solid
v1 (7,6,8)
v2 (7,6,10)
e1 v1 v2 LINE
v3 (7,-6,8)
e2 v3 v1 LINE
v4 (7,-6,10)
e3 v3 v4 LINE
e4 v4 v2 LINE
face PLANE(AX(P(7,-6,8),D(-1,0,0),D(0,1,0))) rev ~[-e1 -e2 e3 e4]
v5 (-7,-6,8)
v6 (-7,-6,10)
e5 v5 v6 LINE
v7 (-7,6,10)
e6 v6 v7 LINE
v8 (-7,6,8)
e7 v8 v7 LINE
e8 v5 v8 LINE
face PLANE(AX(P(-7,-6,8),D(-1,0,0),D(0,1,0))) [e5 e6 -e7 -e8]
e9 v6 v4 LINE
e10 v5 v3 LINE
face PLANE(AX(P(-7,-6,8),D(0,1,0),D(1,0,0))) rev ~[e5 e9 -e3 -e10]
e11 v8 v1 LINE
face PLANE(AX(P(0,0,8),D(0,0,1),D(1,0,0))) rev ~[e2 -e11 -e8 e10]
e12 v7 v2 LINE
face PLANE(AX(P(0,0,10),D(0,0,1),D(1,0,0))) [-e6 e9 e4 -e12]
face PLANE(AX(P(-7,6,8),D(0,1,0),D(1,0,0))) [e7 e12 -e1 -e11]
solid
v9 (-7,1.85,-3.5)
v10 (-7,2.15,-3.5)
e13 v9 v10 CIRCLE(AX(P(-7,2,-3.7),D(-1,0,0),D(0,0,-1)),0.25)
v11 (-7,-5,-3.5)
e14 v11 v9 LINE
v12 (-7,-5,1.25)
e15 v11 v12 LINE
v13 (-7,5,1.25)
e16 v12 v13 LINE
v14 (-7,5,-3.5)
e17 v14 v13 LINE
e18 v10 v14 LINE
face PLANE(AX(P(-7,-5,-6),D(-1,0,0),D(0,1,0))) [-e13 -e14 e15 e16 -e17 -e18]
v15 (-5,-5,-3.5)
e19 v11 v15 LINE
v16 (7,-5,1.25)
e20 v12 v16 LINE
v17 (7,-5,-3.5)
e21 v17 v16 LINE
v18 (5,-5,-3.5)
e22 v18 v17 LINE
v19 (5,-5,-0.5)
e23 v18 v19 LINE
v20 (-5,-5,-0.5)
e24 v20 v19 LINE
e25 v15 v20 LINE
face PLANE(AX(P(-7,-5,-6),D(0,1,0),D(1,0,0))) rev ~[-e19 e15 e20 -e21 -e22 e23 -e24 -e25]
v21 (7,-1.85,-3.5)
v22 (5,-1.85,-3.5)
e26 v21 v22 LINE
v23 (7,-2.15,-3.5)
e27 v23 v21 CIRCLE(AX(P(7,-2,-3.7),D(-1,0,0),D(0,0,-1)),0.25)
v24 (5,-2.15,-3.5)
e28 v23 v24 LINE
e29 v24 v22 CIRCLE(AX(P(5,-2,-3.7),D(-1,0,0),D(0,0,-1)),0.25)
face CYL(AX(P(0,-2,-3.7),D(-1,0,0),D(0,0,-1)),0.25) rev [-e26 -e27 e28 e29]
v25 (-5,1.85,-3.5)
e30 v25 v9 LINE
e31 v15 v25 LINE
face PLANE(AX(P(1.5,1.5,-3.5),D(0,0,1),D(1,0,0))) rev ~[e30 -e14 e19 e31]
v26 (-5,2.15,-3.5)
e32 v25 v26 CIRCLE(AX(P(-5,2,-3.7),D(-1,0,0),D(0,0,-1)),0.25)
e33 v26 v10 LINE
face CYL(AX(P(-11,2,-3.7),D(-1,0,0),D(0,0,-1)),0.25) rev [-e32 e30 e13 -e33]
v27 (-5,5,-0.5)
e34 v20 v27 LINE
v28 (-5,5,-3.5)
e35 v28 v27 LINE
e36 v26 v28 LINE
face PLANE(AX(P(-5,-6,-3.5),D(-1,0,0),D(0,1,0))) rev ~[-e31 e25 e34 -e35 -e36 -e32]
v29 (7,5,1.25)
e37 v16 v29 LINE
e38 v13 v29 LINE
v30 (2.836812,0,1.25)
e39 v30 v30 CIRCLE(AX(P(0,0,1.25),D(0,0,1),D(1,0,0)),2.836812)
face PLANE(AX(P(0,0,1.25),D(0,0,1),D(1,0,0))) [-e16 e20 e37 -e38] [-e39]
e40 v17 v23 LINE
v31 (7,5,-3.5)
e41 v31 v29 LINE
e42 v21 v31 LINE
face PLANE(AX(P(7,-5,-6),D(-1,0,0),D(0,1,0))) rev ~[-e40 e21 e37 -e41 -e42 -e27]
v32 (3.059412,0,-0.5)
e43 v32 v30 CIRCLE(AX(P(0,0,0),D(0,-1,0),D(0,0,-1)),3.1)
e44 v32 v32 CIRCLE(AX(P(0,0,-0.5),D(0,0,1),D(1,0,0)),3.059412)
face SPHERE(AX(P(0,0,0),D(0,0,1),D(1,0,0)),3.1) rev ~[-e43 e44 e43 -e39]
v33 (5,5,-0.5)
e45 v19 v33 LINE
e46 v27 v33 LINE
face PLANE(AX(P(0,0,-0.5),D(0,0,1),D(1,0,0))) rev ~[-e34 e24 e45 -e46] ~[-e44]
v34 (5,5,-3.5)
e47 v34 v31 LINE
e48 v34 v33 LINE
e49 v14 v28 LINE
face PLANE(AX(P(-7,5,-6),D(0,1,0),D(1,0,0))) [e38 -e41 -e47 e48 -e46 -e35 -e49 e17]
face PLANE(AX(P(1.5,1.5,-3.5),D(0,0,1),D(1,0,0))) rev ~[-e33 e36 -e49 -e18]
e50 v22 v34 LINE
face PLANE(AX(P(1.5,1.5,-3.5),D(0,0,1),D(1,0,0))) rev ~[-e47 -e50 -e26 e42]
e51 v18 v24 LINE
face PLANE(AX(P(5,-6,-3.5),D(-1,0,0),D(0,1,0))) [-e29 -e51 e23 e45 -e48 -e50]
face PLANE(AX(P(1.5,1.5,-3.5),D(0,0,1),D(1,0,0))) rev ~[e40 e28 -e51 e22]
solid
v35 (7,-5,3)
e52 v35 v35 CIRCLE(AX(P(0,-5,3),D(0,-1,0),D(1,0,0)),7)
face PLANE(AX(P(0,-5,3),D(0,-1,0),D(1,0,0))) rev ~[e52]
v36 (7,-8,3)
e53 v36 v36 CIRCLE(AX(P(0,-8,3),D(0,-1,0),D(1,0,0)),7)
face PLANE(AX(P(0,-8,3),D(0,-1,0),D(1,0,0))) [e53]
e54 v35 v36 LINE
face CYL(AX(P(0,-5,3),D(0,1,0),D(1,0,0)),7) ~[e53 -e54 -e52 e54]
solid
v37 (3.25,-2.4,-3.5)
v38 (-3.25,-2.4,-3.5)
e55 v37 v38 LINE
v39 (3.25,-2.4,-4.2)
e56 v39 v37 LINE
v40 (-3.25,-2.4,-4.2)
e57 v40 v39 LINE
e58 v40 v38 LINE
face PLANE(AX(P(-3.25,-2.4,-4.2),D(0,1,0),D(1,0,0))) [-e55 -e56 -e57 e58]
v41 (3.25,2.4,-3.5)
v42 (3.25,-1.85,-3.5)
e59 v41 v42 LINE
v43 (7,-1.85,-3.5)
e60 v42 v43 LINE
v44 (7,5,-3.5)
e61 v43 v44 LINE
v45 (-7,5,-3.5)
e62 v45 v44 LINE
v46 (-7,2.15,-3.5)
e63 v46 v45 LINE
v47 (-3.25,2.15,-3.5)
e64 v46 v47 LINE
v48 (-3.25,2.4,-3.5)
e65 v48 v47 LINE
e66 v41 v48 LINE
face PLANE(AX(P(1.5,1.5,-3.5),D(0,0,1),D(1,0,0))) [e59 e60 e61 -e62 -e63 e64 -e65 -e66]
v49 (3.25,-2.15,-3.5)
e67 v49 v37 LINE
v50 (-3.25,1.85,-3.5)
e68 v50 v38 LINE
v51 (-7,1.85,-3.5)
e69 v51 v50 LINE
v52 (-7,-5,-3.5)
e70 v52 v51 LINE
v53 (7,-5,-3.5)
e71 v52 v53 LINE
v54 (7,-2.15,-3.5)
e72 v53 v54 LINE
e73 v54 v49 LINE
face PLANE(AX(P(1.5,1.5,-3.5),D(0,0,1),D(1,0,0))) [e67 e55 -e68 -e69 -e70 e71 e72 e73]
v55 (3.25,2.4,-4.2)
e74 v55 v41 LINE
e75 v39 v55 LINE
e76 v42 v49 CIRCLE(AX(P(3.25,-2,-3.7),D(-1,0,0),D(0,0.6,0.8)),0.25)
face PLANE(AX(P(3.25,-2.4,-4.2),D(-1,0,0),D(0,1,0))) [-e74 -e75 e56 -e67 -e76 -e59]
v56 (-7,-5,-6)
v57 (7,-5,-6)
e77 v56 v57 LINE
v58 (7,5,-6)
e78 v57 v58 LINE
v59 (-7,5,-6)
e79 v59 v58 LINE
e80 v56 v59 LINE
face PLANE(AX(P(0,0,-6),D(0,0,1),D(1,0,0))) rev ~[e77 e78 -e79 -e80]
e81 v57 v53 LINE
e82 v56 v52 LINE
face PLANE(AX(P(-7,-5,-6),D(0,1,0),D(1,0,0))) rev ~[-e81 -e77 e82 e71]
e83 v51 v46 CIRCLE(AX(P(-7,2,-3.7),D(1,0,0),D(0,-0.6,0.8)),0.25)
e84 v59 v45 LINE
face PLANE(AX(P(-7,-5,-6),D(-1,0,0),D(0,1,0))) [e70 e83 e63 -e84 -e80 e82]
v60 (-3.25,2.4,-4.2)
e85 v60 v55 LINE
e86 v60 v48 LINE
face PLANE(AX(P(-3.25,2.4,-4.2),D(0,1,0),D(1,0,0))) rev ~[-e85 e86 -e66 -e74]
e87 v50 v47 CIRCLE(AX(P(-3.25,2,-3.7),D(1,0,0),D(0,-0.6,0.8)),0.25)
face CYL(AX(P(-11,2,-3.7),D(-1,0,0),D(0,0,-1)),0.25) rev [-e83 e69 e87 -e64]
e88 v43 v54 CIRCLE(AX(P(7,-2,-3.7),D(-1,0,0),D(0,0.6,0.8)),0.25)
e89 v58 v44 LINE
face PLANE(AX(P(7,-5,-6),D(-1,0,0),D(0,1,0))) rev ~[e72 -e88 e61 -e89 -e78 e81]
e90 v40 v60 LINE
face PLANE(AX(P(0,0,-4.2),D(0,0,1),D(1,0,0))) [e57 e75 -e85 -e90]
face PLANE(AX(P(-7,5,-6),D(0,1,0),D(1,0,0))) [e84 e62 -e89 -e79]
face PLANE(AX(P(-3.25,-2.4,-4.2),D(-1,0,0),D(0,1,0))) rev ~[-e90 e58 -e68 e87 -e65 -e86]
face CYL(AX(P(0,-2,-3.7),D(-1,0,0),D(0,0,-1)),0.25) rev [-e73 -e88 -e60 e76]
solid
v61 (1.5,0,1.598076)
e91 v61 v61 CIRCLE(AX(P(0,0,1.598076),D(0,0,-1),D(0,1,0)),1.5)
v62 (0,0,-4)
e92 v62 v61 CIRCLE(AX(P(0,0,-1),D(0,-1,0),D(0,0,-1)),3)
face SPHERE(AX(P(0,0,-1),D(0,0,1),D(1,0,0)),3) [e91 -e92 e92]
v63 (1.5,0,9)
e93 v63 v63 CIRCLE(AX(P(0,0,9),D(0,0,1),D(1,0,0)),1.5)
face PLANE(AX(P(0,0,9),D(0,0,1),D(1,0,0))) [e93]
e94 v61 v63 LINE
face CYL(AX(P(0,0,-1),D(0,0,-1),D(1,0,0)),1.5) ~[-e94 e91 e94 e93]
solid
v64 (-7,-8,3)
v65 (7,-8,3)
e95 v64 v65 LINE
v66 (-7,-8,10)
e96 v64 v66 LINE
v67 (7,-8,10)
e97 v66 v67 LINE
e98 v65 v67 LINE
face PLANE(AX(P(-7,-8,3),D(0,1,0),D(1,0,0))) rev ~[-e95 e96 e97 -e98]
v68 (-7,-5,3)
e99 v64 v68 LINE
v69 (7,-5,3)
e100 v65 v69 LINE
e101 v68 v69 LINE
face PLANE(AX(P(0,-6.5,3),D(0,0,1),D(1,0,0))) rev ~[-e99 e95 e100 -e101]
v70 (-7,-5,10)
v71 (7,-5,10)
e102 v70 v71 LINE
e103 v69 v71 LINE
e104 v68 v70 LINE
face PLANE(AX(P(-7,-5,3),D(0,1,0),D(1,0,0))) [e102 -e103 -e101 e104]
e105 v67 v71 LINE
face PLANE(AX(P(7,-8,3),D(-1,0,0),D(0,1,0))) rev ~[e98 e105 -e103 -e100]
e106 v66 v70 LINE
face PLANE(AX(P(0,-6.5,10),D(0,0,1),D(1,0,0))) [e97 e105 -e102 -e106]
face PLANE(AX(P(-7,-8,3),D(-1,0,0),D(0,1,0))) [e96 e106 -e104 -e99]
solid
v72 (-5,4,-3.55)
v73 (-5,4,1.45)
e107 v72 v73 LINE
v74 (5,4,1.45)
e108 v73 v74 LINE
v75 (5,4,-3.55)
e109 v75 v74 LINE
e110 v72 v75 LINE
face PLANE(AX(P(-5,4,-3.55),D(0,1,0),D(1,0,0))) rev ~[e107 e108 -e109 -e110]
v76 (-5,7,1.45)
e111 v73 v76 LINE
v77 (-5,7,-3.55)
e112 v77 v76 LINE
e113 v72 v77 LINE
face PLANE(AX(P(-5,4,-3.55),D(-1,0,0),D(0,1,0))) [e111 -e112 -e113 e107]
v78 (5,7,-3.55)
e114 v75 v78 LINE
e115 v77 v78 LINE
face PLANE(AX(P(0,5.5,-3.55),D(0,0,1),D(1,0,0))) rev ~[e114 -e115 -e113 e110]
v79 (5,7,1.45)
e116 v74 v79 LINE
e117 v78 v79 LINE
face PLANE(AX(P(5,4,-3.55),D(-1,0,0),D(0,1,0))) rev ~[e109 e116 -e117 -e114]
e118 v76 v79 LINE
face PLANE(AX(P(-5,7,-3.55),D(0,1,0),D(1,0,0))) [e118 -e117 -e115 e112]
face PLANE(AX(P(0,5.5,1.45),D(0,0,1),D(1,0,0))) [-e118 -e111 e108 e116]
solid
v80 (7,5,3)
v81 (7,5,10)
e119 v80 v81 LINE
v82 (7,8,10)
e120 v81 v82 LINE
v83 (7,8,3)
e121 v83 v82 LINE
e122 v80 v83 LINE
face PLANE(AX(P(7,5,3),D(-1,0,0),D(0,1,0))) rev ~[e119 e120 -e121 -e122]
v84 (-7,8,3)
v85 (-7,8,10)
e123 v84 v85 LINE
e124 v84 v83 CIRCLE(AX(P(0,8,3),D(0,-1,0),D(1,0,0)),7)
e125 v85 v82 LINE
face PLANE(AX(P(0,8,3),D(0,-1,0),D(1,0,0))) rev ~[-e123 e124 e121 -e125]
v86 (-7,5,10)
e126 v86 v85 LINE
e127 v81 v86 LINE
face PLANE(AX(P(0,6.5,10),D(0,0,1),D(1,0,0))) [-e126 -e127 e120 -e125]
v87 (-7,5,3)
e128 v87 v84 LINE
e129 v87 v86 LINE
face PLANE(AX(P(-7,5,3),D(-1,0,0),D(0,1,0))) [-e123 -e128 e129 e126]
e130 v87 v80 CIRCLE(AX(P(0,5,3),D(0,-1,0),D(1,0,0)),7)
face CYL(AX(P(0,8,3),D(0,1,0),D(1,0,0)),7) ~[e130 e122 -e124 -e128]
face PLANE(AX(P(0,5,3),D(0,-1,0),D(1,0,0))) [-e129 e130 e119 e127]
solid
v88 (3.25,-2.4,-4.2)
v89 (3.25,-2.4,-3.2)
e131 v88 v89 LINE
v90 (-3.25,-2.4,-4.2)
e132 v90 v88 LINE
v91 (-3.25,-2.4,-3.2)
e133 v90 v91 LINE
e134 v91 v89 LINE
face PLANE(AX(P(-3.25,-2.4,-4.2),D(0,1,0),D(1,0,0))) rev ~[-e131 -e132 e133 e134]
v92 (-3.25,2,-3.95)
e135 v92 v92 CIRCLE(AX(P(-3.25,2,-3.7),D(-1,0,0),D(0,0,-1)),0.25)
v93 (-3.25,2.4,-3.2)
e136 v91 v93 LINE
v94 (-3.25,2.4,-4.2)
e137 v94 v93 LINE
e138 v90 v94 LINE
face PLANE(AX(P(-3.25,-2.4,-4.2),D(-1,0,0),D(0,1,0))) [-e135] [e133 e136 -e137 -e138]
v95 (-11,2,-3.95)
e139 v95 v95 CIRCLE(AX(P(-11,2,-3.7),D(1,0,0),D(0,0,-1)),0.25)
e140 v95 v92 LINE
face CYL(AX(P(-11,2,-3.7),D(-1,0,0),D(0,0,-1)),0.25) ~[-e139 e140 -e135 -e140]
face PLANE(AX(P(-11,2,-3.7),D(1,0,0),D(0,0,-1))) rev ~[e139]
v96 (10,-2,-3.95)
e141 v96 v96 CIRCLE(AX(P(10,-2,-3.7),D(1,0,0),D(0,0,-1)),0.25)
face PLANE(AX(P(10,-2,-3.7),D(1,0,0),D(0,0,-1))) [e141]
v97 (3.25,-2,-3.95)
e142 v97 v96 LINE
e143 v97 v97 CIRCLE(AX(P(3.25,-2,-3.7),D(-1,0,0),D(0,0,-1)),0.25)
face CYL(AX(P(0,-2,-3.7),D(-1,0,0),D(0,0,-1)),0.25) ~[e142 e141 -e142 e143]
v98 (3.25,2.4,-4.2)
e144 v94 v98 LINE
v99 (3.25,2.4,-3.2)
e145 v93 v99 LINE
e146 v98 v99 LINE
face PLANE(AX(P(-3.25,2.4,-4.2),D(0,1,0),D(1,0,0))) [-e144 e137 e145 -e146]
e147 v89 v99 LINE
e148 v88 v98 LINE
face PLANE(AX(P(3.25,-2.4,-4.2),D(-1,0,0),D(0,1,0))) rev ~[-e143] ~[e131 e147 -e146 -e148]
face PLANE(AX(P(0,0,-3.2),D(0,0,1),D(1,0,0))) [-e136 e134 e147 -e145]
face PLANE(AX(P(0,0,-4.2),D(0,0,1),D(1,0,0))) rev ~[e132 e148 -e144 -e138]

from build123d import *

# Parameters (mm, degrees)
CYLINDER002_R           = 0.25
CYLINDER002_DEPTH       = 10
CYLINDER002_PITCH_ANGLE = 90
CYLINDER001_R           = 0.25
CYLINDER001_DEPTH       = 10
CYLINDER001_PITCH_ANGLE = 90
BOX_W                   = 6.5
BOX_H                   = 4.8
BOX_DEPTH               = 1
BOX004_W                = 10
BOX004_H                = 3
BOX004_DEPTH            = 5
CYLINDER_R              = 1.5
CYLINDER_DEPTH          = 10
BOX005_W                = 21
BOX005_H                = 17
BOX005_DEPTH            = 8
CYLINDER005_R           = 2.5
CYLINDER005_DEPTH       = 10
CYLINDER004_R           = 0.25
CYLINDER004_DEPTH       = 10
CYLINDER004_PITCH_ANGLE = 90
CYLINDER003_R           = 0.25
CYLINDER003_DEPTH       = 10
CYLINDER003_PITCH_ANGLE = 90
BOX002_W                = 6.5
BOX002_H                = 4.8
BOX002_DEPTH            = 1
BOX003_W                = 10
BOX003_H                = 12
BOX003_DEPTH            = 3
BOX001_W                = 14
BOX001_H                = 10
BOX001_DEPTH            = 7.25
BOX006_W                = 21
BOX006_H                = 17
BOX006_DEPTH            = 12
CYLINDER006_R           = 7
CYLINDER006_DEPTH       = 3
CYLINDER006_ROLL_ANGLE  = 90
BOX007_W                = 14
BOX007_H                = 3
BOX007_DEPTH            = 7
BOX008_W                = 14
BOX008_H                = 3
BOX008_DEPTH            = 7
CYLINDER007_R           = 7
CYLINDER007_DEPTH       = 3
CYLINDER007_ROLL_ANGLE  = 90
BOX009_W                = 14
BOX009_H                = 12
BOX009_DEPTH            = 2


with BuildPart() as cylinder002:
    # Cylinder002 → Cylinder002 (new body)
    with BuildSketch(Plane.XY):
        Circle(CYLINDER002_R)
    extrude(amount=CYLINDER002_DEPTH)


with BuildPart() as cylinder002_1:
    # Cylinder002 pitch: moved
    add(cylinder002.part.rotate(Axis((0, 0, 0), (0, 1, 0)), CYLINDER002_PITCH_ANGLE))


with BuildPart() as cylinder002_2:
    # Cylinder002 placement: moved
    add(cylinder002_1.part.moved(Location((0, -2, -3.7))))


with BuildPart() as fusion002:
    # Cylinder001 → Cylinder001 (new body)
    with BuildSketch(Plane.XY):
        Circle(CYLINDER001_R)
    extrude(amount=CYLINDER001_DEPTH)


with BuildPart() as fusion002_1:
    # Cylinder001 pitch: moved
    add(fusion002.part.rotate(Axis((0, 0, 0), (0, 1, 0)), CYLINDER001_PITCH_ANGLE))


with BuildPart() as fusion002_2:
    # Cylinder001 placement: moved
    add(fusion002_1.part.moved(Location((-11, 2, -3.7))))

    # Fusion002: union Cylinder002
    add(cylinder002_2.part)


with BuildPart() as switch:
    # Box → Box (new body)
    with BuildSketch(Plane(origin=(-3.25, -2.4, -4.2), x_dir=(1, 0, 0), z_dir=(0, 0, 1))):
        with Locations((3.25, 2.4)):
            Rectangle(BOX_W, BOX_H)
    extrude(amount=BOX_DEPTH)

    # Fusion003: union Fusion002
    add(fusion002_2.part)


with BuildPart() as cube004:
    # Box004 → Box004 (new body)
    with BuildSketch(Plane(origin=(-5, 4, -3.55), x_dir=(1, 0, 0), z_dir=(0, 0, 1))):
        with Locations((5, 1.5)):
            Rectangle(BOX004_W, BOX004_H)
    extrude(amount=BOX004_DEPTH)


with BuildPart() as cylinder:
    # Cylinder → Cylinder (new body)
    with BuildSketch(Plane.XY):
        Circle(CYLINDER_R)
    extrude(amount=CYLINDER_DEPTH)


with BuildPart() as ball_and_screw:
    # Sphere → Sphere (revolve)
    with BuildSketch(Plane.XZ):
        with BuildLine():
            ThreePointArc((0, -3), (3, 0), (0, 3))
            Line((0, 3), (0, -3))
        make_face()
    revolve(axis=Axis((0, 0, 0), (0, 0, 1)))

    # Fusion005: union Cylinder
    add(cylinder.part)


with BuildPart() as ball_and_screw_1:
    # Fusion005 placement: moved
    add(ball_and_screw.part.moved(Location((0, 0, -1))))


with BuildPart() as cube005:
    # Box005 → Box005 (new body)
    with BuildSketch(Plane(origin=(-9, -7, -3.5), x_dir=(1, 0, 0), z_dir=(0, 0, 1))):
        with Locations((10.5, 8.5)):
            Rectangle(BOX005_W, BOX005_H)
    extrude(amount=BOX005_DEPTH)


with BuildPart() as cylinder005:
    # Cylinder005 → Cylinder005 (new body)
    with BuildSketch(Plane.XY.offset(0.5)):
        Circle(CYLINDER005_R)
    extrude(amount=CYLINDER005_DEPTH)


with BuildPart() as fusion004:
    # Sphere001 → Sphere001 (revolve)
    with BuildSketch(Plane.XZ):
        with BuildLine():
            ThreePointArc((0, -3.1), (3.1, 0), (0, 3.1))
            Line((0, 3.1), (0, -3.1))
        make_face()
    revolve(axis=Axis((0, 0, 0), (0, 0, 1)))

    # Fusion004: union Cylinder005
    add(cylinder005.part)


with BuildPart() as cylinder004:
    # Cylinder004 → Cylinder004 (new body)
    with BuildSketch(Plane.XY):
        Circle(CYLINDER004_R)
    extrude(amount=CYLINDER004_DEPTH)


with BuildPart() as cylinder004_1:
    # Cylinder004 pitch: moved
    add(cylinder004.part.rotate(Axis((0, 0, 0), (0, 1, 0)), CYLINDER004_PITCH_ANGLE))


with BuildPart() as cylinder004_2:
    # Cylinder004 placement: moved
    add(cylinder004_1.part.moved(Location((0, -2, -3.7))))


with BuildPart() as fusion:
    # Cylinder003 → Cylinder003 (new body)
    with BuildSketch(Plane.XY):
        Circle(CYLINDER003_R)
    extrude(amount=CYLINDER003_DEPTH)


with BuildPart() as fusion_1:
    # Cylinder003 pitch: moved
    add(fusion.part.rotate(Axis((0, 0, 0), (0, 1, 0)), CYLINDER003_PITCH_ANGLE))


with BuildPart() as fusion_2:
    # Cylinder003 placement: moved
    add(fusion_1.part.moved(Location((-11, 2, -3.7))))

    # Fusion: union Cylinder004
    add(cylinder004_2.part)


with BuildPart() as fusion001:
    # Box002 → Box002 (new body)
    with BuildSketch(Plane(origin=(-3.25, -2.4, -4.2), x_dir=(1, 0, 0), z_dir=(0, 0, 1))):
        with Locations((3.25, 2.4)):
            Rectangle(BOX002_W, BOX002_H)
    extrude(amount=BOX002_DEPTH)

    # Fusion001: union Fusion
    add(fusion_2.part)


with BuildPart() as cube003:
    # Box003 → Box003 (new body)
    with BuildSketch(Plane(origin=(-5, -6, -3.5), x_dir=(1, 0, 0), z_dir=(0, 0, 1))):
        with Locations((5, 6)):
            Rectangle(BOX003_W, BOX003_H)
    extrude(amount=BOX003_DEPTH)


with BuildPart() as cut001:
    # Box001 → Box001 (new body)
    with BuildSketch(Plane(origin=(-7, -5, -6), x_dir=(1, 0, 0), z_dir=(0, 0, 1))):
        with Locations((7, 5)):
            Rectangle(BOX001_W, BOX001_H)
    extrude(amount=BOX001_DEPTH)

    # Cut: cut Cube003
    add(cube003.part, mode=Mode.SUBTRACT)

    # Cut001: cut Fusion001
    add(fusion001.part, mode=Mode.SUBTRACT)


with BuildPart() as bottom_switch_holder:
    # Cut003 base: copy of Cut001
    add(cut001.part)

    # Cut003: cut Fusion004
    add(fusion004.part, mode=Mode.SUBTRACT)

    # Cut004: cut Cube005
    add(cube005.part, mode=Mode.SUBTRACT)


with BuildPart() as cube006:
    # Box006 → Box006 (new body)
    with BuildSketch(Plane(origin=(-9, -7, -3.5), x_dir=(1, 0, 0), z_dir=(0, 0, 1))):
        with Locations((10.5, 8.5)):
            Rectangle(BOX006_W, BOX006_H)
    extrude(amount=BOX006_DEPTH)


with BuildPart() as ball_and_screw_holder:
    # Cut002 base: copy of Cut001
    add(cut001.part)

    # Cut002: cut Fusion004
    add(fusion004.part, mode=Mode.SUBTRACT)

    # Common: intersect Cube006
    add(cube006.part, mode=Mode.INTERSECT)


with BuildPart() as cylinder006:
    # Cylinder006 → Cylinder006 (new body)
    with BuildSketch(Plane.XY):
        Circle(CYLINDER006_R)
    extrude(amount=CYLINDER006_DEPTH)


with BuildPart() as cylinder006_1:
    # Cylinder006 roll: moved
    add(cylinder006.part.rotate(Axis((0, 0, 0), (1, 0, 0)), CYLINDER006_ROLL_ANGLE))


with BuildPart() as cylinder006_2:
    # Cylinder006 placement: moved
    add(cylinder006_1.part.moved(Location((0, 8, 3))))


with BuildPart() as fusion006:
    # Box007 → Box007 (new body)
    with BuildSketch(Plane(origin=(-7, 5, 3), x_dir=(1, 0, 0), z_dir=(0, 0, 1))):
        with Locations((7, 1.5)):
            Rectangle(BOX007_W, BOX007_H)
    extrude(amount=BOX007_DEPTH)

    # Fusion006: union Cylinder006
    add(cylinder006_2.part)


with BuildPart() as cube008:
    # Box008 → Box008 (new body)
    with BuildSketch(Plane(origin=(-7, -8, 3), x_dir=(1, 0, 0), z_dir=(0, 0, 1))):
        with Locations((7, 1.5)):
            Rectangle(BOX008_W, BOX008_H)
    extrude(amount=BOX008_DEPTH)


with BuildPart() as cylinder007:
    # Cylinder007 → Cylinder007 (new body)
    with BuildSketch(Plane.XY):
        Circle(CYLINDER007_R)
    extrude(amount=CYLINDER007_DEPTH)


with BuildPart() as cylinder007_1:
    # Cylinder007 roll: moved
    add(cylinder007.part.rotate(Axis((0, 0, 0), (1, 0, 0)), CYLINDER007_ROLL_ANGLE))


with BuildPart() as cylinder007_2:
    # Cylinder007 placement: moved
    add(cylinder007_1.part.moved(Location((0, -5, 3))))


with BuildPart() as cube009:
    # Box009 → Box009 (new body)
    with BuildSketch(Plane(origin=(-7, -6, 8), x_dir=(1, 0, 0), z_dir=(0, 0, 1))):
        with Locations((7, 6)):
            Rectangle(BOX009_W, BOX009_H)
    extrude(amount=BOX009_DEPTH)


solid = Compound([switch.part, cube004.part, ball_and_screw_1.part, bottom_switch_holder.part, ball_and_screw_holder.part, fusion006.part, cube008.part, cylinder007_2.part, cube009.part])
